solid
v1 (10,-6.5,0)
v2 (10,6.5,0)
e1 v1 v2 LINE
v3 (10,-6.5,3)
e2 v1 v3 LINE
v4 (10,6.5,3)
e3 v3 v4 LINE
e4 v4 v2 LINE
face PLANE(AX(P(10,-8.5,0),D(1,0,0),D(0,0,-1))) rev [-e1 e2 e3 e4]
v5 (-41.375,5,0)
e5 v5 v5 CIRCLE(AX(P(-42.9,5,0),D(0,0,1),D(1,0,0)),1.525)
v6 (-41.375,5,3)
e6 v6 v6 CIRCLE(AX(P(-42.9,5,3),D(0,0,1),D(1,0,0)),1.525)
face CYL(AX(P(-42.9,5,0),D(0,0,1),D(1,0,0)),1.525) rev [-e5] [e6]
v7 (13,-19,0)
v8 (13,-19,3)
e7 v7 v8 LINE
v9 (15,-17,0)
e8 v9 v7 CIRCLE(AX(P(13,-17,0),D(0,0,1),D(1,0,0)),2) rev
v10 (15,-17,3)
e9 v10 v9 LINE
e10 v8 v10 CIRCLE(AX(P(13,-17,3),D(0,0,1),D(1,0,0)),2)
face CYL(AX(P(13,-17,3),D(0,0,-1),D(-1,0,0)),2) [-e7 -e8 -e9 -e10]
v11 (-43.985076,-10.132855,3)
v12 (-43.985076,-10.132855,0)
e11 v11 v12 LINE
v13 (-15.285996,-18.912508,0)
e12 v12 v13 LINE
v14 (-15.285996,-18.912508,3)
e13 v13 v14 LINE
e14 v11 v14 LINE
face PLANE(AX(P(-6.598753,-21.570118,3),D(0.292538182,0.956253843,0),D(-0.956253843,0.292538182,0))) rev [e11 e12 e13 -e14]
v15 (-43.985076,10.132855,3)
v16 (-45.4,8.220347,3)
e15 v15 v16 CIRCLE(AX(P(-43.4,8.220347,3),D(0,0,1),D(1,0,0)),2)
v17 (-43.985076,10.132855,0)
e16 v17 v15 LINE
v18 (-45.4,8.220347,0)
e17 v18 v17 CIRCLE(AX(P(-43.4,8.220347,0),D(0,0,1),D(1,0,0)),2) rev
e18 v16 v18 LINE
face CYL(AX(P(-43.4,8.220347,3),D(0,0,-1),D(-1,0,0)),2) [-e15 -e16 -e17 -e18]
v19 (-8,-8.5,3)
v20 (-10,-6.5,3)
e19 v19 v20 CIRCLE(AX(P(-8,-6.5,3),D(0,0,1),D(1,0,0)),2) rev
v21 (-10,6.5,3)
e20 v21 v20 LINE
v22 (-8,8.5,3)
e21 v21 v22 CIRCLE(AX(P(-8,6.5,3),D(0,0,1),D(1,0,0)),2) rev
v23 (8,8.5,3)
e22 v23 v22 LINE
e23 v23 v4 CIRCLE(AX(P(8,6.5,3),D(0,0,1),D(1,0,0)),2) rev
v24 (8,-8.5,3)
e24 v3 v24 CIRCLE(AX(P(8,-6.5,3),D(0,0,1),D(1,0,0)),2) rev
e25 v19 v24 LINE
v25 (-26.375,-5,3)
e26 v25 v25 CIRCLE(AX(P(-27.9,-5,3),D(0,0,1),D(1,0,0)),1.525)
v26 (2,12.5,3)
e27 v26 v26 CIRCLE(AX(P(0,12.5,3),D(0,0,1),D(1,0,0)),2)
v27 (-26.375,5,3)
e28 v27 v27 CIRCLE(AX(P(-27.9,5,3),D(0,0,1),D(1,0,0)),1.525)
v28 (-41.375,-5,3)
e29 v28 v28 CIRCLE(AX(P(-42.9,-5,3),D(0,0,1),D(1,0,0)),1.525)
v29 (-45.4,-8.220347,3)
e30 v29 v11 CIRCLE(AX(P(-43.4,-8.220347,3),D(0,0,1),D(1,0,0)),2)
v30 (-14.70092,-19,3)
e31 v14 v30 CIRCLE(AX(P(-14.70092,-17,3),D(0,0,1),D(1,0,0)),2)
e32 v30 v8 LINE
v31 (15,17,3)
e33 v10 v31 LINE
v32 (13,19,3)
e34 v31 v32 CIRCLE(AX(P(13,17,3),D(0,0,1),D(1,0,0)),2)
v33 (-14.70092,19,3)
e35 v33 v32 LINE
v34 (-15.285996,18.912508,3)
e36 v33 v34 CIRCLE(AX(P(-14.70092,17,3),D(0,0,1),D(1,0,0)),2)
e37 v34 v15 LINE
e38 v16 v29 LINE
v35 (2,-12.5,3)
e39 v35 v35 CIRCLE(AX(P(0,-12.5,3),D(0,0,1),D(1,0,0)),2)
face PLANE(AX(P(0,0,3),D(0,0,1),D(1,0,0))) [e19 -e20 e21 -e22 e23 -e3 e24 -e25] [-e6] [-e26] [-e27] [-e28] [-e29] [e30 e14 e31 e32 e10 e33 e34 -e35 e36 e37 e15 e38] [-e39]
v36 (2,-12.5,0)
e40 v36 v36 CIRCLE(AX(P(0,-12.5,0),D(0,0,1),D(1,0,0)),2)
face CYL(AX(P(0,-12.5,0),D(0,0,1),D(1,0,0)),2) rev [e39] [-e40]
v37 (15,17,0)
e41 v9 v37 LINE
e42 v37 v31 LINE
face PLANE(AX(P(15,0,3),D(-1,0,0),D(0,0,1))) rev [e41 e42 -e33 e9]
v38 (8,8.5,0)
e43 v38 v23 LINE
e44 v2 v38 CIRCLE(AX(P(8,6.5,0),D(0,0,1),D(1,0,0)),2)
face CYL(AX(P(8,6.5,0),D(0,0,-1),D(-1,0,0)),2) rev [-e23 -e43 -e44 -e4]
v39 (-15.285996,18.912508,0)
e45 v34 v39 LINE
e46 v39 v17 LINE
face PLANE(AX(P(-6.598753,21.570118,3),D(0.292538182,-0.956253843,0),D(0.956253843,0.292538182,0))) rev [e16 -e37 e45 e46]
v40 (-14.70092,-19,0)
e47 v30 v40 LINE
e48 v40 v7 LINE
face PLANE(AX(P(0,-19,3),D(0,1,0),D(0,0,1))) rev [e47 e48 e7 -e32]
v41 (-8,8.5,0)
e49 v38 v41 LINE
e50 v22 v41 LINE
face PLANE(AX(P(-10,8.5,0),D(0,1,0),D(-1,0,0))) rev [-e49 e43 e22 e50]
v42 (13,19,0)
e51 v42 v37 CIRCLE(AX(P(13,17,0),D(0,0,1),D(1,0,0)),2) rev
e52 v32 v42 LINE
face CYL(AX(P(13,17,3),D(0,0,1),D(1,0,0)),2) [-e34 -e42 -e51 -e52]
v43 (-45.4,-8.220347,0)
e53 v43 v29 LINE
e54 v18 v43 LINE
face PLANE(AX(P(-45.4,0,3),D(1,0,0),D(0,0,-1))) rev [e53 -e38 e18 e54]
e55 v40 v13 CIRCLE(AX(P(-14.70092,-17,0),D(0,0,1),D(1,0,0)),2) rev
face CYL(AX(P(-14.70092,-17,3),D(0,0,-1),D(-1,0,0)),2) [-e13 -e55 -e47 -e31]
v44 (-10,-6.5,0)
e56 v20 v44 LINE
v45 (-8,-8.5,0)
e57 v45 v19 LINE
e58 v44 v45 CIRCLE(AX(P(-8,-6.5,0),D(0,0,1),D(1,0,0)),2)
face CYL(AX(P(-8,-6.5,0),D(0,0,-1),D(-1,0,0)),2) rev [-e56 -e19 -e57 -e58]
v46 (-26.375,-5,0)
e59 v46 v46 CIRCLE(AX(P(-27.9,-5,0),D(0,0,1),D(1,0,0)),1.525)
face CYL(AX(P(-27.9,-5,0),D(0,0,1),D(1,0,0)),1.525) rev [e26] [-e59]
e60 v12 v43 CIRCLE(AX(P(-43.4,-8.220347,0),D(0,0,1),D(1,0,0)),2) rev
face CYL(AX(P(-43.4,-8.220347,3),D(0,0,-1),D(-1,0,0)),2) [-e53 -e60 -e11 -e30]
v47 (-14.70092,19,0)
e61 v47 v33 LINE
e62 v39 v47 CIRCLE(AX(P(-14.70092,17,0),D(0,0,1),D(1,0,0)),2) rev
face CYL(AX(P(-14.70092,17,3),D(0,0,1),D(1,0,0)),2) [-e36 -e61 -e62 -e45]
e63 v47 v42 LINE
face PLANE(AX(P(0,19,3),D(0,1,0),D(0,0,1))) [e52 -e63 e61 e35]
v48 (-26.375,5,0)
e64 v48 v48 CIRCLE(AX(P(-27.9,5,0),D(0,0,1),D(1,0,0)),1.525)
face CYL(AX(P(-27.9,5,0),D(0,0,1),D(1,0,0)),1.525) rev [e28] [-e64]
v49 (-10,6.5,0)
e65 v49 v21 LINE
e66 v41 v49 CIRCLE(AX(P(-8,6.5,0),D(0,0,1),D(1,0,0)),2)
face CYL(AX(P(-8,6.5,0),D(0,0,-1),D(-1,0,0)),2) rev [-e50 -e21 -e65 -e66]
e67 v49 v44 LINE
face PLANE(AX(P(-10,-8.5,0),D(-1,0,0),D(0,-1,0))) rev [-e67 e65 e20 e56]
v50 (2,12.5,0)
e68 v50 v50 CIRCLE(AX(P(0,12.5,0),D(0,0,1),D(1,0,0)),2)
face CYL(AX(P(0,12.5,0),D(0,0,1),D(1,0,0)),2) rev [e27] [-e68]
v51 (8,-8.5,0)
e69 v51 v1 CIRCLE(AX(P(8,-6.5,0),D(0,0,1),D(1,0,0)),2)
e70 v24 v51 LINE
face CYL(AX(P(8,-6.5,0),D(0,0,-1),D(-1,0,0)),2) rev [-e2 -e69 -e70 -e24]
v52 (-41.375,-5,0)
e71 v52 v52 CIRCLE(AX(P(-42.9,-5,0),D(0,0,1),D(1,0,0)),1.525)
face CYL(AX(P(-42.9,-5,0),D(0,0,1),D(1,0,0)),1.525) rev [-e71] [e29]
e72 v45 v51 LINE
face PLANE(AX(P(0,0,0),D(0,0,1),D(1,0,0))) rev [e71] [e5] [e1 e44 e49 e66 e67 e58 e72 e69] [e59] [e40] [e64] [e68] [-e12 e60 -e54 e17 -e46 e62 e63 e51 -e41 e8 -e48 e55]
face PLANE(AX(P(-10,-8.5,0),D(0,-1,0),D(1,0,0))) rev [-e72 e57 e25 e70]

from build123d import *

# Parameters (mm, degrees)
SKETCH_1_W          = 30
SKETCH_1_H          = 38
EXTRUDE_1_DEPTH     = 3
SKETCH_2_R          = 2
CUT_EXTRUDE_1_DEPTH = 3
SKETCH_3_R          = 1.525
CUT_EXTRUDE_2_DEPTH = 3
FILLET_1_R          = 2
SKETCH_4_W          = 20
SKETCH_4_H          = 17
CUT_EXTRUDE_3_DEPTH = 3
FILLET_2_R          = 2


with BuildPart() as part:
    # 草图1 → 凸台-拉伸1 (new body)
    with BuildSketch(Plane.XY):
        Polygon((-45.4, 9.7), (-45.4, -9.7), (-15, -19), (-15, 19), align=None)
        Rectangle(SKETCH_1_W, SKETCH_1_H)
    extrude(amount=EXTRUDE_1_DEPTH)

    # 草图2 → 切除-拉伸1 (cut)
    with BuildSketch(Plane.XY.offset(3)):
        with Locations((0, 12.5)):
            Circle(SKETCH_2_R)
        with Locations((0, -12.5)):
            Circle(SKETCH_2_R)
    extrude(amount=-CUT_EXTRUDE_1_DEPTH, mode=Mode.SUBTRACT)

    # 草图3 → 切除-拉伸2 (cut)
    with BuildSketch(Plane.XY.offset(3)):
        with Locations((-42.9, 5)):
            Circle(SKETCH_3_R)
        with Locations((-27.9, 5)):
            Circle(SKETCH_3_R)
        with Locations((-42.9, -5)):
            Circle(SKETCH_3_R)
        with Locations((-27.9, -5)):
            Circle(SKETCH_3_R)
    extrude(amount=-CUT_EXTRUDE_2_DEPTH, mode=Mode.SUBTRACT)

    # 圆角1
    fillet_1_edges = [part.edges().sort_by_distance(p)[0] for p in [
        (-45.4, 9.7, 1.5),
        (-15, 19, 1.5),
        (15, 19, 1.5),
        (15, -19, 1.5),
        (-15, -19, 1.5),
        (-45.4, -9.7, 1.5),
    ]]
    fillet(fillet_1_edges, radius=FILLET_1_R)

    # 草图4 → 切除-拉伸3 (cut)
    with BuildSketch(Plane.XY.offset(3)):
        Rectangle(SKETCH_4_W, SKETCH_4_H)
    extrude(amount=-CUT_EXTRUDE_3_DEPTH, mode=Mode.SUBTRACT)

    # 圆角2
    fillet_2_edges = [part.edges().sort_by_distance(p)[0] for p in [
        (10, 8.5, 1.5),
        (10, -8.5, 1.5),
        (-10, -8.5, 1.5),
        (-10, 8.5, 1.5),
    ]]
    fillet(fillet_2_edges, radius=FILLET_2_R)


solid = part.part
